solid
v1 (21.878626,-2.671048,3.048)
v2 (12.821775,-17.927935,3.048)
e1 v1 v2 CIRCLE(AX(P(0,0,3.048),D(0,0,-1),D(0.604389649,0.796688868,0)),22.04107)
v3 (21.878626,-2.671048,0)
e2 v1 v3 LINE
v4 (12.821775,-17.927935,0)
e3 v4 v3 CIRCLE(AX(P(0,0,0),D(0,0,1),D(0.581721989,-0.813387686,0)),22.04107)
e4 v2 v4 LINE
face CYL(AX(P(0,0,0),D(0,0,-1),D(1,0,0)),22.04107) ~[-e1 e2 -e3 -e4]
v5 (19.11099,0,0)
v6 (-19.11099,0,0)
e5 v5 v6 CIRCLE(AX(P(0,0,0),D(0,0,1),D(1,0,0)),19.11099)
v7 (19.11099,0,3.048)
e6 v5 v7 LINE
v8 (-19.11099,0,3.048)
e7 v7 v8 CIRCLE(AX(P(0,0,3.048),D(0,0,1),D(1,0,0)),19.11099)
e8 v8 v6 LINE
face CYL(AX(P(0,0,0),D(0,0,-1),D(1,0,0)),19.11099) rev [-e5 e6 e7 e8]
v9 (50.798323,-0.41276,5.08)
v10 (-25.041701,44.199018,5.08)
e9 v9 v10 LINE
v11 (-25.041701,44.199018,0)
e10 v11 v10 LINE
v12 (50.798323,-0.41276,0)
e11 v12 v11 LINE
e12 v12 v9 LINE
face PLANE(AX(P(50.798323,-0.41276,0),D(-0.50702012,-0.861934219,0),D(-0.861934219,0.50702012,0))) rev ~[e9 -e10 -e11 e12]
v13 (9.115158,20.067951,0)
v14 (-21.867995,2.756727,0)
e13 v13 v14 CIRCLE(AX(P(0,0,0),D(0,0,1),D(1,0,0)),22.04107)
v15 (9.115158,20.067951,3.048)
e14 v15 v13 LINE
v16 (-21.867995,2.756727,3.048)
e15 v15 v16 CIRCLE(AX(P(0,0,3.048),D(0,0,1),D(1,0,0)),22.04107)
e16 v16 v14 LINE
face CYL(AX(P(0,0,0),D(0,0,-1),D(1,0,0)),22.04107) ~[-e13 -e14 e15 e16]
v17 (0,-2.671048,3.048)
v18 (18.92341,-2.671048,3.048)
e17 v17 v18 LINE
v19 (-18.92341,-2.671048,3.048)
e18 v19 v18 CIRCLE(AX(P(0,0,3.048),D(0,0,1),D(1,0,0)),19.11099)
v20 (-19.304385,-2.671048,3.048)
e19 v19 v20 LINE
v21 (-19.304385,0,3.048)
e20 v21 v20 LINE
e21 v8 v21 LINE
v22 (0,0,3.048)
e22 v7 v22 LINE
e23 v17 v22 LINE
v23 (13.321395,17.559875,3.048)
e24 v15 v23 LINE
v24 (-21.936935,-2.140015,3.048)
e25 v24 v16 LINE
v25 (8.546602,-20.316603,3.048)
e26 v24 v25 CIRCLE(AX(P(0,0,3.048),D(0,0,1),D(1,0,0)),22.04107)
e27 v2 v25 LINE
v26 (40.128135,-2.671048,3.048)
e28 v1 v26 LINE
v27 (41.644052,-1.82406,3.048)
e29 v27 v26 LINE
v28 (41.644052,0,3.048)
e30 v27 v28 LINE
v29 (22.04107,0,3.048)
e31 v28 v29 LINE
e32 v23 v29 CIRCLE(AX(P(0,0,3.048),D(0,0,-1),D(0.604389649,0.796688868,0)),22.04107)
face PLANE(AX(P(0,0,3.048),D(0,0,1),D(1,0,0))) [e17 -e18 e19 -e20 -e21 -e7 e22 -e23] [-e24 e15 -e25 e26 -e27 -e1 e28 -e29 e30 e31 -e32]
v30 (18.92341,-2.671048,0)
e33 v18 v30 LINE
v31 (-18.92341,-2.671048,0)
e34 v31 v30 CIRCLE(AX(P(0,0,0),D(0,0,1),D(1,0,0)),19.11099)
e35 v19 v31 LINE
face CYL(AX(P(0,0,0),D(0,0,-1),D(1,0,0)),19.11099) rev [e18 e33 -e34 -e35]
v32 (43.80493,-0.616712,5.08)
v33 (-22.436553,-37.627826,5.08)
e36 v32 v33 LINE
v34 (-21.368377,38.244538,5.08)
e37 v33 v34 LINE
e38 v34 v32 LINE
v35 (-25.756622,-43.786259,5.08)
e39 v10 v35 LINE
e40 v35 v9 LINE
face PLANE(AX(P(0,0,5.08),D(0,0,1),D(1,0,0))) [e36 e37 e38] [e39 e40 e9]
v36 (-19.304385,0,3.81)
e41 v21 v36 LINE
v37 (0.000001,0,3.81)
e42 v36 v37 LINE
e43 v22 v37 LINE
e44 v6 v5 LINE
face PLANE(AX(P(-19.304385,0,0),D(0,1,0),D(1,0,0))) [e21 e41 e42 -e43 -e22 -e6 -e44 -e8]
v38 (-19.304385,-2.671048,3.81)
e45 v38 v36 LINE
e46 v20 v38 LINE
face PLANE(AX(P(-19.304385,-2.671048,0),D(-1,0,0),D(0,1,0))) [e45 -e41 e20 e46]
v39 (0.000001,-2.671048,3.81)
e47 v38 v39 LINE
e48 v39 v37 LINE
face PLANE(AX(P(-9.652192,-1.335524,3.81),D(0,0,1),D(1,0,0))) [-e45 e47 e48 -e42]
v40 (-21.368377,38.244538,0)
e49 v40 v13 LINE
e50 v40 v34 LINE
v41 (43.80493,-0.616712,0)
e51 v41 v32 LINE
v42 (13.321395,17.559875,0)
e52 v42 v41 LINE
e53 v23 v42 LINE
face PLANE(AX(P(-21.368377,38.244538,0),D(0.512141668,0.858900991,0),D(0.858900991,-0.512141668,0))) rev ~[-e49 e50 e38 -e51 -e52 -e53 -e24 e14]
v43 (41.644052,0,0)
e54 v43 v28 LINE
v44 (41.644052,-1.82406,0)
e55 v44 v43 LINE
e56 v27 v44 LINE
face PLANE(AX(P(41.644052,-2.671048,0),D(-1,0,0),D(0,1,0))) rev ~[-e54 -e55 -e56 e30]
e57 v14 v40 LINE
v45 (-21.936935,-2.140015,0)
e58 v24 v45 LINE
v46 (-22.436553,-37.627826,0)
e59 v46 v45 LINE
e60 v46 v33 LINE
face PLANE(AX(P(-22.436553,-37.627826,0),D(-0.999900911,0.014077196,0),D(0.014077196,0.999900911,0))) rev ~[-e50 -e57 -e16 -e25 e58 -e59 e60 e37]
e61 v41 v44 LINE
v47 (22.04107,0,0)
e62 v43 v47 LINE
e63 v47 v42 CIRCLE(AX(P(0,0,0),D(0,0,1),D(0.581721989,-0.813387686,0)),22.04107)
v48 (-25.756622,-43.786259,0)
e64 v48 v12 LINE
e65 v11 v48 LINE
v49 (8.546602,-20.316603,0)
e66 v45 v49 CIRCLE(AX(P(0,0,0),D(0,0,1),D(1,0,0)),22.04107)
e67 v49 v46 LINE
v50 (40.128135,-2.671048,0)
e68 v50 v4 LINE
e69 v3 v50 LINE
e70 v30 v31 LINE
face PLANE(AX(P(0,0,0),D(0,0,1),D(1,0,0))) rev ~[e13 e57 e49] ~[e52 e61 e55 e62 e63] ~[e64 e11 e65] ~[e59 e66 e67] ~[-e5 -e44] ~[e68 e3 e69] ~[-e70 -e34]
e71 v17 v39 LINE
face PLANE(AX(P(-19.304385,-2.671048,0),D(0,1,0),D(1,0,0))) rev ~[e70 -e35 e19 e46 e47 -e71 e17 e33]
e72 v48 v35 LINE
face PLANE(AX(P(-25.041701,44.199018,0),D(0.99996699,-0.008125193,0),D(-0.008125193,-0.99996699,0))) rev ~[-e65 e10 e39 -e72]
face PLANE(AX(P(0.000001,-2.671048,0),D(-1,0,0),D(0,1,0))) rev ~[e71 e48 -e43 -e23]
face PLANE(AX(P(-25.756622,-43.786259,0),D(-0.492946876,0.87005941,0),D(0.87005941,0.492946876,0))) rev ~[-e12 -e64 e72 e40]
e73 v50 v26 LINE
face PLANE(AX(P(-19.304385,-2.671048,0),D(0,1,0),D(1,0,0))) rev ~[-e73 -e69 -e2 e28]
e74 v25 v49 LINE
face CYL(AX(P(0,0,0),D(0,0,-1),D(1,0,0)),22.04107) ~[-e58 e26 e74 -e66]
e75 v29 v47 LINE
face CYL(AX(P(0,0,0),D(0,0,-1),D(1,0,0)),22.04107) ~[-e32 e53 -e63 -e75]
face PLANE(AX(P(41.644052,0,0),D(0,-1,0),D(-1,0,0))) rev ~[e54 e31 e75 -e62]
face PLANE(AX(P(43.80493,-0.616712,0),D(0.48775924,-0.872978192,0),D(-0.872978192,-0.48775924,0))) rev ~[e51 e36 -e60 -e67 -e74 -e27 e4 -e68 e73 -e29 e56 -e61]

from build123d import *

# Parameters (mm, degrees)
F1_DEPTH = 5.08
F2_R     = 22.04107
F2_R_2   = 19.11099
F3_DEPTH = 3.048
F4_W     = 19.304385
F4_H     = 2.671048
F5_DEPTH = 3.81
F4_W_2   = 41.644052
F6_DEPTH = 3.048


with BuildPart() as f1:
    # F0 (on Top) → F1 (new body)
    with BuildSketch(Plane.XY):
        Polygon((50.798323, -0.41276), (-25.041701, 44.199018), (-25.756622, -43.786259), align=None)
        Polygon((43.80493, -0.616712), (-22.436553, -37.627826), (-21.368377, 38.244538), align=None, mode=Mode.SUBTRACT)
    extrude(amount=F1_DEPTH)

    # F2 (on Top) → F3 (join)
    with BuildSketch(Plane.XY):
        Circle(F2_R)
        Circle(F2_R_2, mode=Mode.SUBTRACT)
    extrude(amount=F3_DEPTH)

    # F4 (on Top) → F5 (join)
    with BuildSketch(Plane.XY):
        with Locations((-9.652192, -1.335524)):
            Rectangle(F4_W, F4_H)
    extrude(amount=F5_DEPTH)

    # F4 (on Top) → F6 (join)
    with BuildSketch(Plane.XY):
        with Locations((20.822026, -1.335524)):
            Rectangle(F4_W_2, F4_H)
        with Locations((-9.652192, -1.335524)):
            Rectangle(F4_W, F4_H)
    extrude(amount=F6_DEPTH)


solid = f1.part
